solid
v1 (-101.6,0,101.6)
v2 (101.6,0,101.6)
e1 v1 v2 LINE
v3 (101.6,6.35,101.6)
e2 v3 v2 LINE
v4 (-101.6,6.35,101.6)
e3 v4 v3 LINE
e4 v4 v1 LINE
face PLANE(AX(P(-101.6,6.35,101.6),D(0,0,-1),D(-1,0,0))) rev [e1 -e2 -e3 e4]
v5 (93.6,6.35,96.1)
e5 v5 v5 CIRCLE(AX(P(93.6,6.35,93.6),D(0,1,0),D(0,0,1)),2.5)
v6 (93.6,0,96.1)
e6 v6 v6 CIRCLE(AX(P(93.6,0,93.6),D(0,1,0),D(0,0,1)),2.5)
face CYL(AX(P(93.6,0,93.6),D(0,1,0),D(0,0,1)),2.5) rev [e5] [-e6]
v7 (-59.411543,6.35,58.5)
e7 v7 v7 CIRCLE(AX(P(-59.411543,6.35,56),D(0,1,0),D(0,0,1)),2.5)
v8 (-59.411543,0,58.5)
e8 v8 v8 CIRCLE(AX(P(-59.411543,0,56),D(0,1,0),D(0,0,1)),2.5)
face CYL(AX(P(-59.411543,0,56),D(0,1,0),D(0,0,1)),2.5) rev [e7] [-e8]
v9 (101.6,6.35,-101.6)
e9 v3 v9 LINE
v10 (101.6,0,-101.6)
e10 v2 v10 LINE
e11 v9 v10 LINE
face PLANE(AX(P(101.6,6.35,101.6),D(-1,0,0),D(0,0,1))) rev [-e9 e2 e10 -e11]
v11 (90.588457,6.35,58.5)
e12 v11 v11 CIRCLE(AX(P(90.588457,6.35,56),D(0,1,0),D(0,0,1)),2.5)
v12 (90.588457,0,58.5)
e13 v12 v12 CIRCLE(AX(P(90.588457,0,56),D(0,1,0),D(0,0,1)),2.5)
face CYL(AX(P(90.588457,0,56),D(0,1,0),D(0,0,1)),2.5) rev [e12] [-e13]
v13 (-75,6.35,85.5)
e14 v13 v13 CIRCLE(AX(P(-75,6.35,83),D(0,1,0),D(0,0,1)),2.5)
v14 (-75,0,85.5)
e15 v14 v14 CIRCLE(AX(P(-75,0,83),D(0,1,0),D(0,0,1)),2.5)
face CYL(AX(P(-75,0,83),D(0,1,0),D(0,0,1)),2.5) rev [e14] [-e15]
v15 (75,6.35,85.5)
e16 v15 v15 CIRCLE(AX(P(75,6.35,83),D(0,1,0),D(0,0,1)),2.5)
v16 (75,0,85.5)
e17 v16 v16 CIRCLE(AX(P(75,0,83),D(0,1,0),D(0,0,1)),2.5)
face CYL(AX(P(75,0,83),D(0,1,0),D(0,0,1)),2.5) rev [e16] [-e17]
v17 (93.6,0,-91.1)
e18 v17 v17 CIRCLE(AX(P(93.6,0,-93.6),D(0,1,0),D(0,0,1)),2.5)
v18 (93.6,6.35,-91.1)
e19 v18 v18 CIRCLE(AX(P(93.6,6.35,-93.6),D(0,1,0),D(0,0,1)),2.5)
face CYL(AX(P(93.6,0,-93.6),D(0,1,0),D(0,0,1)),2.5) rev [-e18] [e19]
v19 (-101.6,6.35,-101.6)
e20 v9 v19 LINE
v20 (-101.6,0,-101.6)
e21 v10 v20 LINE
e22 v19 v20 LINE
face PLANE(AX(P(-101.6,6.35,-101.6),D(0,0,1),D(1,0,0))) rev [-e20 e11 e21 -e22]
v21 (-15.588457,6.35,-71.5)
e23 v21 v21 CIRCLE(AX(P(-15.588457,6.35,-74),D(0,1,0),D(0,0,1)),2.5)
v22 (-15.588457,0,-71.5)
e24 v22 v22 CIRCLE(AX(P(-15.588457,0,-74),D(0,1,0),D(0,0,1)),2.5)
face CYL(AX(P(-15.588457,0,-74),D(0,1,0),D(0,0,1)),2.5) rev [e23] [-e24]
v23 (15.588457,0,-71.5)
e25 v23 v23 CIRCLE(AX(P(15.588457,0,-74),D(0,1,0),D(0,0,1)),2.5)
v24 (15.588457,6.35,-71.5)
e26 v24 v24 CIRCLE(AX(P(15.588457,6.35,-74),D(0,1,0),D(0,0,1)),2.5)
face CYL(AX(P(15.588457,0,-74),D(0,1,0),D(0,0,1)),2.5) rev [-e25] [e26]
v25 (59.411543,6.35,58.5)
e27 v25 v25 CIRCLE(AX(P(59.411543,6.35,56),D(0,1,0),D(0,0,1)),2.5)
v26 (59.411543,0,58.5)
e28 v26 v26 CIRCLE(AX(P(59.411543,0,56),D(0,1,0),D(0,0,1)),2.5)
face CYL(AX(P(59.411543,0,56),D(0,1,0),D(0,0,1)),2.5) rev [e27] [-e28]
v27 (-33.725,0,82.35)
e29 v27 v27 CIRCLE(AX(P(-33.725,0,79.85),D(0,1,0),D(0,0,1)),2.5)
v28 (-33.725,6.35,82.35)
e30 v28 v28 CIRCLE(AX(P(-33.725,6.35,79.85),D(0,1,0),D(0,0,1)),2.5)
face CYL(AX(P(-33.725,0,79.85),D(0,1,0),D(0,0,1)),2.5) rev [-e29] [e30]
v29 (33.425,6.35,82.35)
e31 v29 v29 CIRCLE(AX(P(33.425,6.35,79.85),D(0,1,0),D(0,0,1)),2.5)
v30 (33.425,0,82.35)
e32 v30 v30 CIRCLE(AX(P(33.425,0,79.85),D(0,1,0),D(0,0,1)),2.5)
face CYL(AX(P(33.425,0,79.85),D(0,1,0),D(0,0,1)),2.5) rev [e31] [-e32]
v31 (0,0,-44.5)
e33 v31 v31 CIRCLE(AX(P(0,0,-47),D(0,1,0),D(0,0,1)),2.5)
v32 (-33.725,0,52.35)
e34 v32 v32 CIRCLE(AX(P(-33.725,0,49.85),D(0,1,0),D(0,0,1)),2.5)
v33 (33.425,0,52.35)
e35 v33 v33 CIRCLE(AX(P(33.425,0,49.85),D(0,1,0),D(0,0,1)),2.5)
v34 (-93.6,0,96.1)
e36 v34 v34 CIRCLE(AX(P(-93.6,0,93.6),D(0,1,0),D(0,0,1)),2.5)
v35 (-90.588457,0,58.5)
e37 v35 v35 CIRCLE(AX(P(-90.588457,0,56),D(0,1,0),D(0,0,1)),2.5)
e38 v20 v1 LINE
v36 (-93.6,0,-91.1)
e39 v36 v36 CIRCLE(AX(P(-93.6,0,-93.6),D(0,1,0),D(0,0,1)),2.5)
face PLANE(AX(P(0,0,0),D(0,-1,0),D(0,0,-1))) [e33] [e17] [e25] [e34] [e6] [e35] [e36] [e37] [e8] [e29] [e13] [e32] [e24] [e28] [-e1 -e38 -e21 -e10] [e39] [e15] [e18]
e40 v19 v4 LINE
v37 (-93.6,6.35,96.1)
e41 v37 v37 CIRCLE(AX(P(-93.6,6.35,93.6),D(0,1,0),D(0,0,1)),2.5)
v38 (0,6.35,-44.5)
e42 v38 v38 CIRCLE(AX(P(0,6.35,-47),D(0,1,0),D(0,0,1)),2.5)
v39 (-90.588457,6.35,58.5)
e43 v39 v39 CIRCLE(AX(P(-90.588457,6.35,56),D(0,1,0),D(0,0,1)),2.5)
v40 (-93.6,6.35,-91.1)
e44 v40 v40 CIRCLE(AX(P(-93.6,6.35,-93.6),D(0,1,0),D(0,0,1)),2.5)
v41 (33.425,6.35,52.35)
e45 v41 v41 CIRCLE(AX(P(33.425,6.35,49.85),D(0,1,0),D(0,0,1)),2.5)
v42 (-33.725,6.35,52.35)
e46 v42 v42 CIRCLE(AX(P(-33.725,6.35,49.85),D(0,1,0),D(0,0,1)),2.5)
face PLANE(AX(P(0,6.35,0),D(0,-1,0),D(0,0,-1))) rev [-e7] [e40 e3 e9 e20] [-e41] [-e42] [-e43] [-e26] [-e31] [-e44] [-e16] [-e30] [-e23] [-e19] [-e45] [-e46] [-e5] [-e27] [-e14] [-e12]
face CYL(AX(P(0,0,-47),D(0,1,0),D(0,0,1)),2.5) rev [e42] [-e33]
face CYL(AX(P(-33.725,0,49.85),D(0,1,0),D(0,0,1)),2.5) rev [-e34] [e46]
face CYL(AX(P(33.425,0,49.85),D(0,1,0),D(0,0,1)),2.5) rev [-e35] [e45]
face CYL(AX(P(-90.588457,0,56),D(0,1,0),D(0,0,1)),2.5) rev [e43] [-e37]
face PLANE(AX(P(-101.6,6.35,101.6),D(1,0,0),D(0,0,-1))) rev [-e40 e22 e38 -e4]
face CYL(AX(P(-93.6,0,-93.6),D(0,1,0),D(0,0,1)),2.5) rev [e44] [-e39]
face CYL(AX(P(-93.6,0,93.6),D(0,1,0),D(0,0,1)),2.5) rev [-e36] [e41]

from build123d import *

# Parameters (mm, degrees)
ESQUISSE1_W             = 203.2
ESQUISSE1_H             = 203.2
BOSS_EXTRU_1_DEPTH      = 6.35
ESQUISSE2_R             = 2.5
ENL_V_MAT_EXTRU_1_DEPTH = 144.824345992
ESQUISSE3_R             = 2.5
ENL_V_MAT_EXTRU_2_DEPTH = 144.824345992
ESQUISSE4_R             = 2.5
ENL_V_MAT_EXTRU_3_DEPTH = 144.824345992


with BuildPart() as part:
    # Esquisse1 → Boss.-Extru.1 (new body)
    with BuildSketch(Plane(origin=(0, 0, 0), x_dir=(1, 0, 0), z_dir=(0, 1, 0))):
        Rectangle(ESQUISSE1_W, ESQUISSE1_H)
    extrude(amount=BOSS_EXTRU_1_DEPTH)

    # Esquisse2 → Enlèv. mat.-Extru.1 (cut, through all)
    with BuildSketch(Plane(origin=(0, 6.35, 0), x_dir=(1, 0, 0), z_dir=(0, 1, 0))):
        with Locations(Location((-33.725, -49.85, 0), (0, 0, 270))):
            Circle(ESQUISSE2_R)
        with Locations(Location((-33.725, -79.85, 0), (0, 0, 270))):
            Circle(ESQUISSE2_R)
        with Locations(Location((33.425, -79.85, 0), (0, 0, 270))):
            Circle(ESQUISSE2_R)
        with Locations(Location((33.425, -49.85, 0), (0, 0, 270))):
            Circle(ESQUISSE2_R)
    extrude(amount=-ENL_V_MAT_EXTRU_1_DEPTH, mode=Mode.SUBTRACT)

    # Esquisse3 → Enlèv. mat.-Extru.2 (cut, through all)
    with BuildSketch(Plane(origin=(0, 6.35, 0), x_dir=(1, 0, 0), z_dir=(0, 1, 0))):
        with Locations(Location((-93.6, 93.6, 0), (0, 0, 270))):
            Circle(ESQUISSE3_R)
        with Locations(Location((93.6, 93.6, 0), (0, 0, 270))):
            Circle(ESQUISSE3_R)
        with Locations(Location((93.6, -93.6, 0), (0, 0, 270))):
            Circle(ESQUISSE3_R)
        with Locations(Location((-93.6, -93.6, 0), (0, 0, 270))):
            Circle(ESQUISSE3_R)
    extrude(amount=-ENL_V_MAT_EXTRU_2_DEPTH, mode=Mode.SUBTRACT)

    # Esquisse4 → Enlèv. mat.-Extru.3 (cut, through all)
    with BuildSketch(Plane(origin=(0, 6.35, 0), x_dir=(1, 0, 0), z_dir=(0, 1, 0))):
        with Locations(Location((-15.588457268, 74, 0), (0, 0, 270))):
            Circle(ESQUISSE4_R)
        with Locations(Location((15.588457268, 74, 0), (0, 0, 270))):
            Circle(ESQUISSE4_R)
        with Locations(Location((0, 47, 0), (0, 0, 270))):
            Circle(ESQUISSE4_R)
        with Locations(Location((-75, -83, 0), (0, 0, 270))):
            Circle(ESQUISSE4_R)
        with Locations(Location((-90.588457268, -56, 0), (0, 0, 270))):
            Circle(ESQUISSE4_R)
        with Locations(Location((-59.411542732, -56, 0), (0, 0, 270))):
            Circle(ESQUISSE4_R)
        with Locations(Location((59.411542732, -56, 0), (0, 0, 270))):
            Circle(ESQUISSE4_R)
        with Locations(Location((90.588457268, -56, 0), (0, 0, 270))):
            Circle(ESQUISSE4_R)
        with Locations(Location((75, -83, 0), (0, 0, 270))):
            Circle(ESQUISSE4_R)
    extrude(amount=-ENL_V_MAT_EXTRU_3_DEPTH, mode=Mode.SUBTRACT)


solid = part.part
